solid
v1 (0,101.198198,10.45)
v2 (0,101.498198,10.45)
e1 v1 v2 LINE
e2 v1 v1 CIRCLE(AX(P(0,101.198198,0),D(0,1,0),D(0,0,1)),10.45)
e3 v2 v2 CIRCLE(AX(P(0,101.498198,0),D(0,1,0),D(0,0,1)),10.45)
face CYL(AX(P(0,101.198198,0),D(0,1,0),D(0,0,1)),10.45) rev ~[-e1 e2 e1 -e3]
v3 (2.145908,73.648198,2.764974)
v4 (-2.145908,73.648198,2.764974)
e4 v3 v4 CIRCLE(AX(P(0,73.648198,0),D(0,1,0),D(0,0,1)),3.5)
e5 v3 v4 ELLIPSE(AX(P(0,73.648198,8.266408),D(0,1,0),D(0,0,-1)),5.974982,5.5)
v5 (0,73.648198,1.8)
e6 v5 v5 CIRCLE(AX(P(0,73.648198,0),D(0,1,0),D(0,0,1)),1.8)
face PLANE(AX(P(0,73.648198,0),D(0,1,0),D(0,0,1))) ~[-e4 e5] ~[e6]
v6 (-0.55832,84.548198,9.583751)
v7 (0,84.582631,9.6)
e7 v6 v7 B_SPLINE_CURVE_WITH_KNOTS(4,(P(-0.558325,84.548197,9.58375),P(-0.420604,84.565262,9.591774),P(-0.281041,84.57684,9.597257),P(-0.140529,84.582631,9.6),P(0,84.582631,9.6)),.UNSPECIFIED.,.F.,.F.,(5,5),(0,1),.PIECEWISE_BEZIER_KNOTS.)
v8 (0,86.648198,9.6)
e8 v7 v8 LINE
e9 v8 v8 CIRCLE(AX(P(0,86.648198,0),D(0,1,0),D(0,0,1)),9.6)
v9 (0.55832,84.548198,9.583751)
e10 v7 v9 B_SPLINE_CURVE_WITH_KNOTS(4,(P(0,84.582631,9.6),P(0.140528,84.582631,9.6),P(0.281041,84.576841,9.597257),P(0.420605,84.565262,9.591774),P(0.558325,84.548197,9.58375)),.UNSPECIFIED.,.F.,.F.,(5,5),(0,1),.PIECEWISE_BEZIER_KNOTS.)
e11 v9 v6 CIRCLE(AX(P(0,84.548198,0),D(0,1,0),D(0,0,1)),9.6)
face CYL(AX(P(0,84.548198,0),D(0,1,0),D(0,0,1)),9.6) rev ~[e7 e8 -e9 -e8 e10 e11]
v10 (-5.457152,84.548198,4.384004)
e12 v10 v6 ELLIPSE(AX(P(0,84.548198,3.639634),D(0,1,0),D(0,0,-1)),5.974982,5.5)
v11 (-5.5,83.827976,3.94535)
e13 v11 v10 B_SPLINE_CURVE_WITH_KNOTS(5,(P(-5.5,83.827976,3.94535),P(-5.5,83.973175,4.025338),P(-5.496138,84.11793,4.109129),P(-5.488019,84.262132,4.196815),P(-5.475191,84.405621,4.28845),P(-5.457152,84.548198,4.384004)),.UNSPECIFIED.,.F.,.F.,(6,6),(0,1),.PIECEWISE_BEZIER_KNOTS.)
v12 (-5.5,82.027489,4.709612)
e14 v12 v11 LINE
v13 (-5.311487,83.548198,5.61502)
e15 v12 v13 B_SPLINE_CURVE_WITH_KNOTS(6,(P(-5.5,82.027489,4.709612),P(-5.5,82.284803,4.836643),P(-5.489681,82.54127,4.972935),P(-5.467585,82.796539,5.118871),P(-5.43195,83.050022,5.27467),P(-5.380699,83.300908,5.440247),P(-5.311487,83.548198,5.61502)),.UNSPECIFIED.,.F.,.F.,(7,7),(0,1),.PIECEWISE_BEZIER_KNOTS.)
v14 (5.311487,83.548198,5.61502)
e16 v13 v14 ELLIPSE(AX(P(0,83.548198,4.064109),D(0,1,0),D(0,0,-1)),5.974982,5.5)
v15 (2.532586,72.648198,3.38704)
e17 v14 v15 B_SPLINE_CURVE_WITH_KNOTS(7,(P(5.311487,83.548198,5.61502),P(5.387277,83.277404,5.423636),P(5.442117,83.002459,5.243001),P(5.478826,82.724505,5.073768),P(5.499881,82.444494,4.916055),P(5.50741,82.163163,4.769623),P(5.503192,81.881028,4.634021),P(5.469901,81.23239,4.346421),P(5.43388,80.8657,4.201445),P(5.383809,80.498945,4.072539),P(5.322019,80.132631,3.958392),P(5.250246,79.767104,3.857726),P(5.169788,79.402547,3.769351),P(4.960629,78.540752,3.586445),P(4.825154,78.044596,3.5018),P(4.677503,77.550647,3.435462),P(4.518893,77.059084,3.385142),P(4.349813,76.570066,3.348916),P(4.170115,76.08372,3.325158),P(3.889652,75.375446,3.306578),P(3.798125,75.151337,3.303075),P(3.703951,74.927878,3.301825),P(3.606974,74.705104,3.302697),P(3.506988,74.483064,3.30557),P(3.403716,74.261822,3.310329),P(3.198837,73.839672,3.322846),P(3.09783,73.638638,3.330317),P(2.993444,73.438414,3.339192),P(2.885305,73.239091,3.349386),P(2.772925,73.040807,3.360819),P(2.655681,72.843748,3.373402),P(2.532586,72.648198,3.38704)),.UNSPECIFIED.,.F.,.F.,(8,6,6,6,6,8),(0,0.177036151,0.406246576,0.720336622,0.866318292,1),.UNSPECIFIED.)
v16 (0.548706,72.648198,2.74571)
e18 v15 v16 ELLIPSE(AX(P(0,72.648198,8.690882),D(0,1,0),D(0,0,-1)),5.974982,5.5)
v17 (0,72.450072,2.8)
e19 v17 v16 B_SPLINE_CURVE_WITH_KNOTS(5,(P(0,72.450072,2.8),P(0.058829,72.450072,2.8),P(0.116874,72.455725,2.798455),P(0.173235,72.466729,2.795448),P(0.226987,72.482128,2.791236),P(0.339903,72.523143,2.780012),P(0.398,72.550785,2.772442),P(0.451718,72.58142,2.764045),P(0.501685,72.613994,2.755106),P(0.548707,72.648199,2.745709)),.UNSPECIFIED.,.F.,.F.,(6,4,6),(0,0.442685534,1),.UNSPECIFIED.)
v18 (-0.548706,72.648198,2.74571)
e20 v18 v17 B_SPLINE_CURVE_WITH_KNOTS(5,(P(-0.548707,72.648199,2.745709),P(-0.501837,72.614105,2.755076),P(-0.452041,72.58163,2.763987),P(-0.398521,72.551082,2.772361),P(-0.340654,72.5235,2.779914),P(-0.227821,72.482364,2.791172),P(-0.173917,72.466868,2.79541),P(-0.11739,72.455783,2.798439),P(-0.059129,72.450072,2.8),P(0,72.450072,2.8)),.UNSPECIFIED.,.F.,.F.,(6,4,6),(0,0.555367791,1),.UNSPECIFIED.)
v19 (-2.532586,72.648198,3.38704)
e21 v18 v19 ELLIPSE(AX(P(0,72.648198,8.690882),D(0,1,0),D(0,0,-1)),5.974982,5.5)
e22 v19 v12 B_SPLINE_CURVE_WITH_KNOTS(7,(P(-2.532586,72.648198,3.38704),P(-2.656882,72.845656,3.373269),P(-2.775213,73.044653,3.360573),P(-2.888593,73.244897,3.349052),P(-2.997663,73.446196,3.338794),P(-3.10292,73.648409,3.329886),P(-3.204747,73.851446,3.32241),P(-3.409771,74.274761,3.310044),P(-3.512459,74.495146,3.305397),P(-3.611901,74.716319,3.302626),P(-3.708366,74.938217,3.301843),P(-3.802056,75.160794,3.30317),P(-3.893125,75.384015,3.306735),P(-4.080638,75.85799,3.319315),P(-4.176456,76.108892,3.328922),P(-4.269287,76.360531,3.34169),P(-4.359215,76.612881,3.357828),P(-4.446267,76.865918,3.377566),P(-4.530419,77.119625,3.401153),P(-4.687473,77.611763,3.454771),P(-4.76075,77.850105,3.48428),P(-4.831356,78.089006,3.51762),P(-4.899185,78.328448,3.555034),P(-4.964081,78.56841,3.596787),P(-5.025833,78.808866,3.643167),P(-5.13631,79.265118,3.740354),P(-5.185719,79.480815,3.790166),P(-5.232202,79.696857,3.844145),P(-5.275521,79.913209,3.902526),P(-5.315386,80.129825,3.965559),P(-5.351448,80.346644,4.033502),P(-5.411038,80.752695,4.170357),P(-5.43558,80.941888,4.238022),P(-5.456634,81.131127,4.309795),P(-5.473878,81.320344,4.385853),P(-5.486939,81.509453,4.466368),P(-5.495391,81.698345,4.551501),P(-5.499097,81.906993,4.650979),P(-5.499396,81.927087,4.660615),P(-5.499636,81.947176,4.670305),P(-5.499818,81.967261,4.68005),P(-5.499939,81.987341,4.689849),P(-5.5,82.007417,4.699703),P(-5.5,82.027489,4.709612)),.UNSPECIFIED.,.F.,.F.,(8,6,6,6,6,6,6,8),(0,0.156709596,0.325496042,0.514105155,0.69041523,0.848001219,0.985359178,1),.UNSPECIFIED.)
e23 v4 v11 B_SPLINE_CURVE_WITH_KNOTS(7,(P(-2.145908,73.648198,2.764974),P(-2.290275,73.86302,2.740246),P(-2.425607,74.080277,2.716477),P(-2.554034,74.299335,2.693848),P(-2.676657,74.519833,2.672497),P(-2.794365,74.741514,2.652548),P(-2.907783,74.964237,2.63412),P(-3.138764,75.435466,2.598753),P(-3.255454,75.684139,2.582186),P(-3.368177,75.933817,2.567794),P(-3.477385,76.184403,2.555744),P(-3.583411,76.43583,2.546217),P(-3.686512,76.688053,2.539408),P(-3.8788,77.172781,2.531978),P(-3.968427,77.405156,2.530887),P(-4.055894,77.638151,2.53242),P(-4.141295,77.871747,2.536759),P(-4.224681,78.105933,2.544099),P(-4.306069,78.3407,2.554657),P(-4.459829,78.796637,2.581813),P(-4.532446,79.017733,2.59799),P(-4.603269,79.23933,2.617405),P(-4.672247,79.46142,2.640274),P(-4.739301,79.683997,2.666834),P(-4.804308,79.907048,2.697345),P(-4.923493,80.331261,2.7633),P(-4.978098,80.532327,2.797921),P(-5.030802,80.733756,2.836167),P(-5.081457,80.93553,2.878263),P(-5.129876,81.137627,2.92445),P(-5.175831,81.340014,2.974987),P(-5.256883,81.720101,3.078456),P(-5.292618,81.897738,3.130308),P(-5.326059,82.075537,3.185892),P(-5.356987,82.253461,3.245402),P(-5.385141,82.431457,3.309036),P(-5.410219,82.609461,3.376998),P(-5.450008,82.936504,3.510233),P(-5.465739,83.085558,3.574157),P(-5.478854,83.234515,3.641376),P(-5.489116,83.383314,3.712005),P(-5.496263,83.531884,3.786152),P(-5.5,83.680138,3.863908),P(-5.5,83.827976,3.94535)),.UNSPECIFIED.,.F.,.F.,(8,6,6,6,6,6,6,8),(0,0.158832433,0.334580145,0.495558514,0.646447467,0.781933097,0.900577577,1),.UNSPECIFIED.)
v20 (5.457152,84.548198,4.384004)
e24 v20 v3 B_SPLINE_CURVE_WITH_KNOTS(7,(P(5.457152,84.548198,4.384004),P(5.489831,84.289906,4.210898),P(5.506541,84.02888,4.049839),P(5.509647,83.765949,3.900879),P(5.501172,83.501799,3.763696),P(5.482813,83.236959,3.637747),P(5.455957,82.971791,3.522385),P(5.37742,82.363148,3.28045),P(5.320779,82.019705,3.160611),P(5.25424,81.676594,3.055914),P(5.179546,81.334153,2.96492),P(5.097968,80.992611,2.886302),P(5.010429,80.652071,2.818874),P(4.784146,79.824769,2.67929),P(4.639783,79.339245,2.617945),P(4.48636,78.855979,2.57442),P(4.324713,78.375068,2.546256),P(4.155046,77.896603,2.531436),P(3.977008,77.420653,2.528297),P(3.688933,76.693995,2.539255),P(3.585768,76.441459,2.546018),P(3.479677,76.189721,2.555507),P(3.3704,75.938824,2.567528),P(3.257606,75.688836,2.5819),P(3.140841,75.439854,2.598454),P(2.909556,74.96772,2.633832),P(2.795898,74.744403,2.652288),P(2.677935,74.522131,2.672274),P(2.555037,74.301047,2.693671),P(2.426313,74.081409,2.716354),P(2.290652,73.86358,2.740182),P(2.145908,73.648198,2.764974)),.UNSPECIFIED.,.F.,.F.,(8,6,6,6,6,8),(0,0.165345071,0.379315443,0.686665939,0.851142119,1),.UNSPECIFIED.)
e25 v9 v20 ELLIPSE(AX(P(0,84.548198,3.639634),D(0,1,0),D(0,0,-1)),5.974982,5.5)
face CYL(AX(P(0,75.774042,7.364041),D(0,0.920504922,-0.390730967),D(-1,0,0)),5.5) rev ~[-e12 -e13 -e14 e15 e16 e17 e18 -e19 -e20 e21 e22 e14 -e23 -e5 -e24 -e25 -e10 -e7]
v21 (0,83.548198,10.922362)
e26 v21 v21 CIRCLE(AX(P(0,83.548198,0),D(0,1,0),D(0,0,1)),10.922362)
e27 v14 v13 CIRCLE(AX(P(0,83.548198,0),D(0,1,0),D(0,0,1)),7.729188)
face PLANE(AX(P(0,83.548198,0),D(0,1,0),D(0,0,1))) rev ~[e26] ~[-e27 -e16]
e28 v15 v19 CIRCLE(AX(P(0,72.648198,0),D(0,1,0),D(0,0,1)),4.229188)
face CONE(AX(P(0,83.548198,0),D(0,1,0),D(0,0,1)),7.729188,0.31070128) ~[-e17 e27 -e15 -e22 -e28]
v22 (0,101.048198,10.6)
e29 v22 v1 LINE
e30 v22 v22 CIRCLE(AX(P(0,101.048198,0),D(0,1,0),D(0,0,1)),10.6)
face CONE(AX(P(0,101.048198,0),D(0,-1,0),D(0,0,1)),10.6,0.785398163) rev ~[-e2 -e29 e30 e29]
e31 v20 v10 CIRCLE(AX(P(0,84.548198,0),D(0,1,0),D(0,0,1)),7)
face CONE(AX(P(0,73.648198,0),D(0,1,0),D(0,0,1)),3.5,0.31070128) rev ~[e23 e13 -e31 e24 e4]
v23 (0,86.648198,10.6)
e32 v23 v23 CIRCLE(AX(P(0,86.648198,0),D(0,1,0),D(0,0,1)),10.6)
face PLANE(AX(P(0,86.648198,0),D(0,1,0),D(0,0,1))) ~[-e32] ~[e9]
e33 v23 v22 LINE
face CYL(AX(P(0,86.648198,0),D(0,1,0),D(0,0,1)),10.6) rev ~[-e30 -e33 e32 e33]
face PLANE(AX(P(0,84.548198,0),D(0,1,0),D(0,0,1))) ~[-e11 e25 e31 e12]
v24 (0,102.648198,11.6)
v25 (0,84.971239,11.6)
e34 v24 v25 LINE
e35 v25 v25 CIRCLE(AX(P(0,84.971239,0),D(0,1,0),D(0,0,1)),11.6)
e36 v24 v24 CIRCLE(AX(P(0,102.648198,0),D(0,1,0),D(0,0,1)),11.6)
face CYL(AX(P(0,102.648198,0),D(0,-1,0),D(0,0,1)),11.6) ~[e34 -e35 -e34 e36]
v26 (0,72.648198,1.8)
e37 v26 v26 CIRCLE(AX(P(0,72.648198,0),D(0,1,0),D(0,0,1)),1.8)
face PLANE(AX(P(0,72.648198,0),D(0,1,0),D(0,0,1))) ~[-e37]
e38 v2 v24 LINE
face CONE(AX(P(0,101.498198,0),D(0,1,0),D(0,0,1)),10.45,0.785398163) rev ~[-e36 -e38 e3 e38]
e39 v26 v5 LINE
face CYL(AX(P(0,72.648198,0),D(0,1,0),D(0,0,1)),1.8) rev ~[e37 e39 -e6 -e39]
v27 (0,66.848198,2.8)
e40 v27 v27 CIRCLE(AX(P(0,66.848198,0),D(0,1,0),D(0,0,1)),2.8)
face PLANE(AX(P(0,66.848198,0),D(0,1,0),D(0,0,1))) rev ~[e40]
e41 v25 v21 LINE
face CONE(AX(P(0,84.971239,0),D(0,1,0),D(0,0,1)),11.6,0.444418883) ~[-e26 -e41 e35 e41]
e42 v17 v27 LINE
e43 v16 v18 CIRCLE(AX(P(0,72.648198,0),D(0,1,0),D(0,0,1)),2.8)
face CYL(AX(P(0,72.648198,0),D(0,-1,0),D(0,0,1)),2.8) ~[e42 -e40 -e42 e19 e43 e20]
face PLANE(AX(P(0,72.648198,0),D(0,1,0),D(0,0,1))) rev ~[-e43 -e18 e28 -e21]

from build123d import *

# Parameters (mm, degrees)
F4_R     = 5.5
F5_DEPTH = 45.828123


with BuildPart() as f1:
    # F0 (on Right) → F1 (revolve)
    with BuildSketch(Plane.YZ):
        Polygon((72.648198, 1.8), (73.648198, 1.8), (73.648198, 3.5), (84.548198, 7), (84.548198, 9.6), (86.648198, 9.6), (86.648198, 10.6), (101.048198, 10.6), (101.198198, 10.45), (101.498198, 10.45), (102.648198, 11.6), (84.971239, 11.6), (83.548198, 10.922362), (83.548198, 7.729188), (72.648198, 4.229188), (72.648198, 2.8), (66.848198, 2.8), (66.848198, 0), (72.648198, 0), align=None)
    revolve(axis=Axis((0, 69.748198, 0), (0, 1, 0)))

    # F4 (on face) → F5 (cut, symmetric)
    with BuildSketch(Plane(origin=(0, 61.556939, -26.12937), x_dir=(-1, 0, 0), z_dir=(0, 0.920505, -0.390731))):
        with Locations((0, 36.385912)):
            Circle(F4_R)
    extrude(amount=F5_DEPTH, both=True, mode=Mode.SUBTRACT)


solid = f1.part
